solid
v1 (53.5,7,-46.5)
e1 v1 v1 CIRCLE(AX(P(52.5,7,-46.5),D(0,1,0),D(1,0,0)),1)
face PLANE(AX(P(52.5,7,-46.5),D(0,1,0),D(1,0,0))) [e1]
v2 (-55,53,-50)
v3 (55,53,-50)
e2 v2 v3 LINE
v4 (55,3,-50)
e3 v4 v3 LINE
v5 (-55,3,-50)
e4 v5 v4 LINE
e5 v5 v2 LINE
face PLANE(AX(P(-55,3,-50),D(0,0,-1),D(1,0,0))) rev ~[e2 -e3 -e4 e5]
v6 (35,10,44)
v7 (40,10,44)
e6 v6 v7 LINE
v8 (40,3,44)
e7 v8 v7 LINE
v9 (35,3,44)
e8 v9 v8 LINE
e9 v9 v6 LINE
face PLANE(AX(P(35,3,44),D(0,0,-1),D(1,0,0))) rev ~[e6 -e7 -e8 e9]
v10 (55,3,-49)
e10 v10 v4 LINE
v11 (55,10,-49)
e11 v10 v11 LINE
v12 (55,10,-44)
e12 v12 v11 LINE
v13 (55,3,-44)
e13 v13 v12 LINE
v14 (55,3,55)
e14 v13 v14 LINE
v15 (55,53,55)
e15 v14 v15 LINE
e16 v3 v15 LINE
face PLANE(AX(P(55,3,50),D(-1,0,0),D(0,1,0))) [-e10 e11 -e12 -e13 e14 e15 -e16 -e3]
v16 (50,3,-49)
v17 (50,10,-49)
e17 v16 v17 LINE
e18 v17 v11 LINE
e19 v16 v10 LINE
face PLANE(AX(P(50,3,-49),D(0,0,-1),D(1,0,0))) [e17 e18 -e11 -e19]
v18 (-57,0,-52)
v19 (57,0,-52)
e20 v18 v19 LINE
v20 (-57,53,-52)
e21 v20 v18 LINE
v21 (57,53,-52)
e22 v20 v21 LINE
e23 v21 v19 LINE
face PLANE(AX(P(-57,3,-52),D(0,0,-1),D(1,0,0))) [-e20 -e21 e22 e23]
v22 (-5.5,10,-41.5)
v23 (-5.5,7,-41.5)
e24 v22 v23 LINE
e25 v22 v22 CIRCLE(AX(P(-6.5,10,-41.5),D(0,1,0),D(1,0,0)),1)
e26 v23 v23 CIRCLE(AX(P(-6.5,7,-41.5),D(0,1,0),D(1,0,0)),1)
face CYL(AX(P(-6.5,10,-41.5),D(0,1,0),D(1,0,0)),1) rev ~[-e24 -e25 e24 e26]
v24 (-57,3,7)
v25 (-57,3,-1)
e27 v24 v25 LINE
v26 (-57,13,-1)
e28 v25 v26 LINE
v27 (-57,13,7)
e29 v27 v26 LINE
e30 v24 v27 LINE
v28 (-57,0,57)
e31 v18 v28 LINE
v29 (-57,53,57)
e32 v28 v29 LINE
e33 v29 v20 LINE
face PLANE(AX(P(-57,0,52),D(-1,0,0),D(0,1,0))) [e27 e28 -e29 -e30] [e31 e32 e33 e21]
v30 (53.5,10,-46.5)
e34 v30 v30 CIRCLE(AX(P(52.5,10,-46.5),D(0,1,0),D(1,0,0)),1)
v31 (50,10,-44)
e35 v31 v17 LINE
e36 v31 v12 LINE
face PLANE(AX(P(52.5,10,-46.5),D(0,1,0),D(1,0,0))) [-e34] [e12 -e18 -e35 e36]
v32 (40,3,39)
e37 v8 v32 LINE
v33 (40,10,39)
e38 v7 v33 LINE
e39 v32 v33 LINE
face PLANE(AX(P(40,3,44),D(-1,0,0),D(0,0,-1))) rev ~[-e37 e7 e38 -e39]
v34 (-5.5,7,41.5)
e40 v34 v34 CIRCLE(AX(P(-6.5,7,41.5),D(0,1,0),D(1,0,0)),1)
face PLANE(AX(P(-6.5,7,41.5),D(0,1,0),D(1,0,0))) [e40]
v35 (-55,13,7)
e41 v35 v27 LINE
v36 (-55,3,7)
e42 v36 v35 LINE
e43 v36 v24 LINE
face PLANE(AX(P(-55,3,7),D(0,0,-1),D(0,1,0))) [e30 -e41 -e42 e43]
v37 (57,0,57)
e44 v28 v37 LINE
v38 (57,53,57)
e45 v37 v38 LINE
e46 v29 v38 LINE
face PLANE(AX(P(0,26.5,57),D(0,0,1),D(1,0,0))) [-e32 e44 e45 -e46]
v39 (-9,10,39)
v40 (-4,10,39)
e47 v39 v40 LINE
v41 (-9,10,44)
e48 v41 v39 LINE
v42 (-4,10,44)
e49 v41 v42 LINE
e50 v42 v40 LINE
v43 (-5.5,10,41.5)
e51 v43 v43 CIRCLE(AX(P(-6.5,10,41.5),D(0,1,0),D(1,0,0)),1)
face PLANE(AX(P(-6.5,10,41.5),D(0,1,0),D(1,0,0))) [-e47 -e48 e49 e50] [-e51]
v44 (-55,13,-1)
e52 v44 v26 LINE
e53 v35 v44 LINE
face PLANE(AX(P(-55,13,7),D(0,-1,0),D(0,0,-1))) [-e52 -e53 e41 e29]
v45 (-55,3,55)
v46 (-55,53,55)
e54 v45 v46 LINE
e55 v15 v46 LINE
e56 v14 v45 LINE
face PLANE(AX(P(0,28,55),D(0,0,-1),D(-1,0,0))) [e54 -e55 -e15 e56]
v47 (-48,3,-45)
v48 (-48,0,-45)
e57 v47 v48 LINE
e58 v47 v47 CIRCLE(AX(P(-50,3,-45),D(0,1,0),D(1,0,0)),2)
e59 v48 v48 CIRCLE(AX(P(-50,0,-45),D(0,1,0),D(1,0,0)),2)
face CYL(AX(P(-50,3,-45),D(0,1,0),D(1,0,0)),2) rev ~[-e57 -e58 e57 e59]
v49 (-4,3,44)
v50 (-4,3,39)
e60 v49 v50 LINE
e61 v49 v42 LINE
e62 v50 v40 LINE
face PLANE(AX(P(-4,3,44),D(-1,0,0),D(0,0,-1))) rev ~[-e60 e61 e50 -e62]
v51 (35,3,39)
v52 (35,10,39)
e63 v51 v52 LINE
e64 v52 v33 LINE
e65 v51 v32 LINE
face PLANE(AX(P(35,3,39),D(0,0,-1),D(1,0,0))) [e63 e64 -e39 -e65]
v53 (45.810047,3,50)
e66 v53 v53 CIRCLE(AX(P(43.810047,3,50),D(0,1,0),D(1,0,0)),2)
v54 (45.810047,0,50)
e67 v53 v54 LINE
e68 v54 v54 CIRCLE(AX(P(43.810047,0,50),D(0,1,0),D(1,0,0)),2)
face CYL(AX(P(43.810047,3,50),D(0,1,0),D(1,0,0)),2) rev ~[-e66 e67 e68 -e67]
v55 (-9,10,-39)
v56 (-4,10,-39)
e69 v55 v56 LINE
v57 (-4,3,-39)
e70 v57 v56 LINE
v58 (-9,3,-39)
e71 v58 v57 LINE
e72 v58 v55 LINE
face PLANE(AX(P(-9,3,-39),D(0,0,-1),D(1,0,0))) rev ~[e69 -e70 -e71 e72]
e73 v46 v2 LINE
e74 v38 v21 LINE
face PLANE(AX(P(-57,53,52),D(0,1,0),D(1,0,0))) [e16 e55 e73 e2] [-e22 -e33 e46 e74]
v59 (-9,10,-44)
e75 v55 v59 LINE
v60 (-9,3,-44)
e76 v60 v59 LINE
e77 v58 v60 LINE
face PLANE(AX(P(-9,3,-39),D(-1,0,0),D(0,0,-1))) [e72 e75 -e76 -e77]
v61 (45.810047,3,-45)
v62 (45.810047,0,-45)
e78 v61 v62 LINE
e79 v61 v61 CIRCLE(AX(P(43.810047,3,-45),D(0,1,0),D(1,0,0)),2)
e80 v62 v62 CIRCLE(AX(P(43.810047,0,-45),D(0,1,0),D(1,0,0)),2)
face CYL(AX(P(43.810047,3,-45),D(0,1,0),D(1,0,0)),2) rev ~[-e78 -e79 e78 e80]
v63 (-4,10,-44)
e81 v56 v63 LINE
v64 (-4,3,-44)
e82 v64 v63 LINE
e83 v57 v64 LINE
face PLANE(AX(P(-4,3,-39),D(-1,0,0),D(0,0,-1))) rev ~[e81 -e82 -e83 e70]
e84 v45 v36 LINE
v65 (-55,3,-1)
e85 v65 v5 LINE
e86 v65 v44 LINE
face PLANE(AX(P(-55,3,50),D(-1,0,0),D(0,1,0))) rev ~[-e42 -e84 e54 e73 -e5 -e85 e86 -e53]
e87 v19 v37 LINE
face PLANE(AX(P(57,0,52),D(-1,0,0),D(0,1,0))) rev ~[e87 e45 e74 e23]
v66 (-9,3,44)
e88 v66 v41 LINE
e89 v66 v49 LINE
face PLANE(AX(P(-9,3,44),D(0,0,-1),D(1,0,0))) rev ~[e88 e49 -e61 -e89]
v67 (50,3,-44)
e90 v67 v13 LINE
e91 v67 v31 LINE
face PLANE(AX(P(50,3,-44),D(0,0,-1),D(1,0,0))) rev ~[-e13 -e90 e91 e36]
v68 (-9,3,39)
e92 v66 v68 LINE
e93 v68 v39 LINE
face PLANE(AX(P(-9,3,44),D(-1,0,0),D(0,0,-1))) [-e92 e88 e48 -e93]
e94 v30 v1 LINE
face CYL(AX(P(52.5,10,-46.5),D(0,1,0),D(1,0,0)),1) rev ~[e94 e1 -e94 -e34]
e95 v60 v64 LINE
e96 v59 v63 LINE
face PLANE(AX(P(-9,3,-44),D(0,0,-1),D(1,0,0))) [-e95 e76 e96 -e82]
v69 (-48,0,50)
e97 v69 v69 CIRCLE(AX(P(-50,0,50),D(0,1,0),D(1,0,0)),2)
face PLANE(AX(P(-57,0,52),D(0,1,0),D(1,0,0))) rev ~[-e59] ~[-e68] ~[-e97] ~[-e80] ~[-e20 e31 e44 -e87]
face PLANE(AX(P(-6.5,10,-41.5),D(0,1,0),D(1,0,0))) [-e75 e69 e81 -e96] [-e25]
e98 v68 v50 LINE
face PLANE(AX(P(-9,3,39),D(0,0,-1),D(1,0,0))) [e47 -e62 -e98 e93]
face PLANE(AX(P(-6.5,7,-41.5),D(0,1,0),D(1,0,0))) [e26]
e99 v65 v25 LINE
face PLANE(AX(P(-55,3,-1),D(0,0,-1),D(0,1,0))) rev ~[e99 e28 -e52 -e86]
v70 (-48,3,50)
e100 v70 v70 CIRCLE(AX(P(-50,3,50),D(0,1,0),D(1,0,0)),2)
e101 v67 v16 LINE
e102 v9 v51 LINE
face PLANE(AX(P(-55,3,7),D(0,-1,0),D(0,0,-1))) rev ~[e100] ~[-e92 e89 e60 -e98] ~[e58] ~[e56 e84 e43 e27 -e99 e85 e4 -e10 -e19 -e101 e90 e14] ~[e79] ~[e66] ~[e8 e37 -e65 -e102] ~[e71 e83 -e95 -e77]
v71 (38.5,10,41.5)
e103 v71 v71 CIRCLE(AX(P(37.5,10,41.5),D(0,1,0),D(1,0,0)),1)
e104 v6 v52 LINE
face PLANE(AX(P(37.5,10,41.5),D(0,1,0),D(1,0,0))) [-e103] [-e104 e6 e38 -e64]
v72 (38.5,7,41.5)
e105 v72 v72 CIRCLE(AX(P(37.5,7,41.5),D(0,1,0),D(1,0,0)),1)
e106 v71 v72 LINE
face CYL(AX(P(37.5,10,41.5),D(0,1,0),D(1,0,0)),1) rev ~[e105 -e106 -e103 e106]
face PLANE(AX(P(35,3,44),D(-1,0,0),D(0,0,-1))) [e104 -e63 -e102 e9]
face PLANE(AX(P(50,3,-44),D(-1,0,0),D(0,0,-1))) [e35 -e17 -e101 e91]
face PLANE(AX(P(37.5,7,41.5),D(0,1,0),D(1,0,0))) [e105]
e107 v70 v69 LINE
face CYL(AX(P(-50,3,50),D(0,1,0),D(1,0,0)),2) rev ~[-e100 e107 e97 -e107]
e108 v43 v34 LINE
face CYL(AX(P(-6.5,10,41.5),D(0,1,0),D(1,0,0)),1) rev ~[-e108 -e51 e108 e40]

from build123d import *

# Parameters (mm, degrees)
SKETCH1_W           = 114
SKETCH1_H           = 104
BOSS_EXTRUDE1_DEPTH = 3
SKETCH2_W           = 114
SKETCH2_H           = 104
SKETCH2_W_2         = 110
SKETCH2_H_2         = 100
BOSS_EXTRUDE2_DEPTH = 50
SKETCH3_W           = 5
SKETCH3_H           = 5
BOSS_EXTRUDE4_DEPTH = 7
SKETCH8_W           = 114
SKETCH8_H           = 53
BOSS_EXTRUDE6_DEPTH = 5
SKETCH9_W           = 110
SKETCH9_H           = 50
CUT_EXTRUDE2_DEPTH  = 5
SKETCH12_W          = 8
SKETCH12_H          = 10
CUT_EXTRUDE3_DEPTH  = 2
SKETCH14_R          = 1
CUT_EXTRUDE5_DEPTH  = 3
SKETCH15_R          = 2
CUT_EXTRUDE6_DEPTH  = 3


with BuildPart() as part:
    # Sketch1 → Boss-Extrude1 (new body)
    with BuildSketch(Plane(origin=(0, 0, 0), x_dir=(1, 0, 0), z_dir=(0, 1, 0))):
        Rectangle(SKETCH1_W, SKETCH1_H)
    extrude(amount=BOSS_EXTRUDE1_DEPTH)

    # Sketch2 → Boss-Extrude2 (add)
    with BuildSketch(Plane(origin=(0, 3, 0), x_dir=(1, 0, 0), z_dir=(0, 1, 0))):
        Rectangle(SKETCH2_W, SKETCH2_H)
        Rectangle(SKETCH2_W_2, SKETCH2_H_2, mode=Mode.SUBTRACT)
    extrude(amount=BOSS_EXTRUDE2_DEPTH)

    # Sketch3 → Boss-Extrude4 (add)
    with BuildSketch(Plane(origin=(0, 3, 0), x_dir=(1, 0, 0), z_dir=(0, 1, 0))):
        with Locations((-6.5, 41.5)):
            Rectangle(SKETCH3_W, SKETCH3_H)
        with Locations((52.5, 46.5)):
            Rectangle(SKETCH3_W, SKETCH3_H)
        with Locations((-6.5, -41.5)):
            Rectangle(SKETCH3_W, SKETCH3_H)
        with Locations((37.5, -41.5)):
            Rectangle(SKETCH3_W, SKETCH3_H)
    extrude(amount=BOSS_EXTRUDE4_DEPTH)

    # Sketch8 → Boss-Extrude6 (add)
    with BuildSketch(Plane.XY.offset(52)):
        with Locations((0, 26.5)):
            Rectangle(SKETCH8_W, SKETCH8_H)
    extrude(amount=BOSS_EXTRUDE6_DEPTH)

    # Sketch9 → Cut-Extrude2 (cut)
    with BuildSketch(Plane(origin=(0, 0, 50), x_dir=(-1, 0, 0), z_dir=(0, 0, -1))):
        with Locations((0, 28)):
            Rectangle(SKETCH9_W, SKETCH9_H)
    extrude(amount=-CUT_EXTRUDE2_DEPTH, mode=Mode.SUBTRACT)

    # Sketch12 → Cut-Extrude3 (cut)
    with BuildSketch(Plane(origin=(-55, 0, 0), x_dir=(0, 0, -1), z_dir=(1, 0, 0))):
        with Locations((-3, 8)):
            Rectangle(SKETCH12_W, SKETCH12_H)
    extrude(amount=-CUT_EXTRUDE3_DEPTH, mode=Mode.SUBTRACT)

    # Sketch14 → Cut-Extrude5 (cut)
    with BuildSketch(Plane(origin=(0, 10, 0), x_dir=(1, 0, 0), z_dir=(0, 1, 0))):
        with Locations((-6.5, 41.5)):
            Circle(SKETCH14_R)
        with Locations((-6.5, -41.5)):
            Circle(SKETCH14_R)
        with Locations((37.5, -41.5)):
            Circle(SKETCH14_R)
        with Locations((52.5, 46.5)):
            Circle(SKETCH14_R)
    extrude(amount=-CUT_EXTRUDE5_DEPTH, mode=Mode.SUBTRACT)

    # Sketch15 → Cut-Extrude6 (cut)
    with BuildSketch(Plane(origin=(0, 3, 0), x_dir=(1, 0, 0), z_dir=(0, 1, 0))):
        with Locations((-50, 45)):
            Circle(SKETCH15_R)
        with Locations((-50, -50)):
            Circle(SKETCH15_R)
        with Locations((43.810047303, -50)):
            Circle(SKETCH15_R)
        with Locations((43.810047303, 45)):
            Circle(SKETCH15_R)
    extrude(amount=-CUT_EXTRUDE6_DEPTH, mode=Mode.SUBTRACT)


solid = part.part
